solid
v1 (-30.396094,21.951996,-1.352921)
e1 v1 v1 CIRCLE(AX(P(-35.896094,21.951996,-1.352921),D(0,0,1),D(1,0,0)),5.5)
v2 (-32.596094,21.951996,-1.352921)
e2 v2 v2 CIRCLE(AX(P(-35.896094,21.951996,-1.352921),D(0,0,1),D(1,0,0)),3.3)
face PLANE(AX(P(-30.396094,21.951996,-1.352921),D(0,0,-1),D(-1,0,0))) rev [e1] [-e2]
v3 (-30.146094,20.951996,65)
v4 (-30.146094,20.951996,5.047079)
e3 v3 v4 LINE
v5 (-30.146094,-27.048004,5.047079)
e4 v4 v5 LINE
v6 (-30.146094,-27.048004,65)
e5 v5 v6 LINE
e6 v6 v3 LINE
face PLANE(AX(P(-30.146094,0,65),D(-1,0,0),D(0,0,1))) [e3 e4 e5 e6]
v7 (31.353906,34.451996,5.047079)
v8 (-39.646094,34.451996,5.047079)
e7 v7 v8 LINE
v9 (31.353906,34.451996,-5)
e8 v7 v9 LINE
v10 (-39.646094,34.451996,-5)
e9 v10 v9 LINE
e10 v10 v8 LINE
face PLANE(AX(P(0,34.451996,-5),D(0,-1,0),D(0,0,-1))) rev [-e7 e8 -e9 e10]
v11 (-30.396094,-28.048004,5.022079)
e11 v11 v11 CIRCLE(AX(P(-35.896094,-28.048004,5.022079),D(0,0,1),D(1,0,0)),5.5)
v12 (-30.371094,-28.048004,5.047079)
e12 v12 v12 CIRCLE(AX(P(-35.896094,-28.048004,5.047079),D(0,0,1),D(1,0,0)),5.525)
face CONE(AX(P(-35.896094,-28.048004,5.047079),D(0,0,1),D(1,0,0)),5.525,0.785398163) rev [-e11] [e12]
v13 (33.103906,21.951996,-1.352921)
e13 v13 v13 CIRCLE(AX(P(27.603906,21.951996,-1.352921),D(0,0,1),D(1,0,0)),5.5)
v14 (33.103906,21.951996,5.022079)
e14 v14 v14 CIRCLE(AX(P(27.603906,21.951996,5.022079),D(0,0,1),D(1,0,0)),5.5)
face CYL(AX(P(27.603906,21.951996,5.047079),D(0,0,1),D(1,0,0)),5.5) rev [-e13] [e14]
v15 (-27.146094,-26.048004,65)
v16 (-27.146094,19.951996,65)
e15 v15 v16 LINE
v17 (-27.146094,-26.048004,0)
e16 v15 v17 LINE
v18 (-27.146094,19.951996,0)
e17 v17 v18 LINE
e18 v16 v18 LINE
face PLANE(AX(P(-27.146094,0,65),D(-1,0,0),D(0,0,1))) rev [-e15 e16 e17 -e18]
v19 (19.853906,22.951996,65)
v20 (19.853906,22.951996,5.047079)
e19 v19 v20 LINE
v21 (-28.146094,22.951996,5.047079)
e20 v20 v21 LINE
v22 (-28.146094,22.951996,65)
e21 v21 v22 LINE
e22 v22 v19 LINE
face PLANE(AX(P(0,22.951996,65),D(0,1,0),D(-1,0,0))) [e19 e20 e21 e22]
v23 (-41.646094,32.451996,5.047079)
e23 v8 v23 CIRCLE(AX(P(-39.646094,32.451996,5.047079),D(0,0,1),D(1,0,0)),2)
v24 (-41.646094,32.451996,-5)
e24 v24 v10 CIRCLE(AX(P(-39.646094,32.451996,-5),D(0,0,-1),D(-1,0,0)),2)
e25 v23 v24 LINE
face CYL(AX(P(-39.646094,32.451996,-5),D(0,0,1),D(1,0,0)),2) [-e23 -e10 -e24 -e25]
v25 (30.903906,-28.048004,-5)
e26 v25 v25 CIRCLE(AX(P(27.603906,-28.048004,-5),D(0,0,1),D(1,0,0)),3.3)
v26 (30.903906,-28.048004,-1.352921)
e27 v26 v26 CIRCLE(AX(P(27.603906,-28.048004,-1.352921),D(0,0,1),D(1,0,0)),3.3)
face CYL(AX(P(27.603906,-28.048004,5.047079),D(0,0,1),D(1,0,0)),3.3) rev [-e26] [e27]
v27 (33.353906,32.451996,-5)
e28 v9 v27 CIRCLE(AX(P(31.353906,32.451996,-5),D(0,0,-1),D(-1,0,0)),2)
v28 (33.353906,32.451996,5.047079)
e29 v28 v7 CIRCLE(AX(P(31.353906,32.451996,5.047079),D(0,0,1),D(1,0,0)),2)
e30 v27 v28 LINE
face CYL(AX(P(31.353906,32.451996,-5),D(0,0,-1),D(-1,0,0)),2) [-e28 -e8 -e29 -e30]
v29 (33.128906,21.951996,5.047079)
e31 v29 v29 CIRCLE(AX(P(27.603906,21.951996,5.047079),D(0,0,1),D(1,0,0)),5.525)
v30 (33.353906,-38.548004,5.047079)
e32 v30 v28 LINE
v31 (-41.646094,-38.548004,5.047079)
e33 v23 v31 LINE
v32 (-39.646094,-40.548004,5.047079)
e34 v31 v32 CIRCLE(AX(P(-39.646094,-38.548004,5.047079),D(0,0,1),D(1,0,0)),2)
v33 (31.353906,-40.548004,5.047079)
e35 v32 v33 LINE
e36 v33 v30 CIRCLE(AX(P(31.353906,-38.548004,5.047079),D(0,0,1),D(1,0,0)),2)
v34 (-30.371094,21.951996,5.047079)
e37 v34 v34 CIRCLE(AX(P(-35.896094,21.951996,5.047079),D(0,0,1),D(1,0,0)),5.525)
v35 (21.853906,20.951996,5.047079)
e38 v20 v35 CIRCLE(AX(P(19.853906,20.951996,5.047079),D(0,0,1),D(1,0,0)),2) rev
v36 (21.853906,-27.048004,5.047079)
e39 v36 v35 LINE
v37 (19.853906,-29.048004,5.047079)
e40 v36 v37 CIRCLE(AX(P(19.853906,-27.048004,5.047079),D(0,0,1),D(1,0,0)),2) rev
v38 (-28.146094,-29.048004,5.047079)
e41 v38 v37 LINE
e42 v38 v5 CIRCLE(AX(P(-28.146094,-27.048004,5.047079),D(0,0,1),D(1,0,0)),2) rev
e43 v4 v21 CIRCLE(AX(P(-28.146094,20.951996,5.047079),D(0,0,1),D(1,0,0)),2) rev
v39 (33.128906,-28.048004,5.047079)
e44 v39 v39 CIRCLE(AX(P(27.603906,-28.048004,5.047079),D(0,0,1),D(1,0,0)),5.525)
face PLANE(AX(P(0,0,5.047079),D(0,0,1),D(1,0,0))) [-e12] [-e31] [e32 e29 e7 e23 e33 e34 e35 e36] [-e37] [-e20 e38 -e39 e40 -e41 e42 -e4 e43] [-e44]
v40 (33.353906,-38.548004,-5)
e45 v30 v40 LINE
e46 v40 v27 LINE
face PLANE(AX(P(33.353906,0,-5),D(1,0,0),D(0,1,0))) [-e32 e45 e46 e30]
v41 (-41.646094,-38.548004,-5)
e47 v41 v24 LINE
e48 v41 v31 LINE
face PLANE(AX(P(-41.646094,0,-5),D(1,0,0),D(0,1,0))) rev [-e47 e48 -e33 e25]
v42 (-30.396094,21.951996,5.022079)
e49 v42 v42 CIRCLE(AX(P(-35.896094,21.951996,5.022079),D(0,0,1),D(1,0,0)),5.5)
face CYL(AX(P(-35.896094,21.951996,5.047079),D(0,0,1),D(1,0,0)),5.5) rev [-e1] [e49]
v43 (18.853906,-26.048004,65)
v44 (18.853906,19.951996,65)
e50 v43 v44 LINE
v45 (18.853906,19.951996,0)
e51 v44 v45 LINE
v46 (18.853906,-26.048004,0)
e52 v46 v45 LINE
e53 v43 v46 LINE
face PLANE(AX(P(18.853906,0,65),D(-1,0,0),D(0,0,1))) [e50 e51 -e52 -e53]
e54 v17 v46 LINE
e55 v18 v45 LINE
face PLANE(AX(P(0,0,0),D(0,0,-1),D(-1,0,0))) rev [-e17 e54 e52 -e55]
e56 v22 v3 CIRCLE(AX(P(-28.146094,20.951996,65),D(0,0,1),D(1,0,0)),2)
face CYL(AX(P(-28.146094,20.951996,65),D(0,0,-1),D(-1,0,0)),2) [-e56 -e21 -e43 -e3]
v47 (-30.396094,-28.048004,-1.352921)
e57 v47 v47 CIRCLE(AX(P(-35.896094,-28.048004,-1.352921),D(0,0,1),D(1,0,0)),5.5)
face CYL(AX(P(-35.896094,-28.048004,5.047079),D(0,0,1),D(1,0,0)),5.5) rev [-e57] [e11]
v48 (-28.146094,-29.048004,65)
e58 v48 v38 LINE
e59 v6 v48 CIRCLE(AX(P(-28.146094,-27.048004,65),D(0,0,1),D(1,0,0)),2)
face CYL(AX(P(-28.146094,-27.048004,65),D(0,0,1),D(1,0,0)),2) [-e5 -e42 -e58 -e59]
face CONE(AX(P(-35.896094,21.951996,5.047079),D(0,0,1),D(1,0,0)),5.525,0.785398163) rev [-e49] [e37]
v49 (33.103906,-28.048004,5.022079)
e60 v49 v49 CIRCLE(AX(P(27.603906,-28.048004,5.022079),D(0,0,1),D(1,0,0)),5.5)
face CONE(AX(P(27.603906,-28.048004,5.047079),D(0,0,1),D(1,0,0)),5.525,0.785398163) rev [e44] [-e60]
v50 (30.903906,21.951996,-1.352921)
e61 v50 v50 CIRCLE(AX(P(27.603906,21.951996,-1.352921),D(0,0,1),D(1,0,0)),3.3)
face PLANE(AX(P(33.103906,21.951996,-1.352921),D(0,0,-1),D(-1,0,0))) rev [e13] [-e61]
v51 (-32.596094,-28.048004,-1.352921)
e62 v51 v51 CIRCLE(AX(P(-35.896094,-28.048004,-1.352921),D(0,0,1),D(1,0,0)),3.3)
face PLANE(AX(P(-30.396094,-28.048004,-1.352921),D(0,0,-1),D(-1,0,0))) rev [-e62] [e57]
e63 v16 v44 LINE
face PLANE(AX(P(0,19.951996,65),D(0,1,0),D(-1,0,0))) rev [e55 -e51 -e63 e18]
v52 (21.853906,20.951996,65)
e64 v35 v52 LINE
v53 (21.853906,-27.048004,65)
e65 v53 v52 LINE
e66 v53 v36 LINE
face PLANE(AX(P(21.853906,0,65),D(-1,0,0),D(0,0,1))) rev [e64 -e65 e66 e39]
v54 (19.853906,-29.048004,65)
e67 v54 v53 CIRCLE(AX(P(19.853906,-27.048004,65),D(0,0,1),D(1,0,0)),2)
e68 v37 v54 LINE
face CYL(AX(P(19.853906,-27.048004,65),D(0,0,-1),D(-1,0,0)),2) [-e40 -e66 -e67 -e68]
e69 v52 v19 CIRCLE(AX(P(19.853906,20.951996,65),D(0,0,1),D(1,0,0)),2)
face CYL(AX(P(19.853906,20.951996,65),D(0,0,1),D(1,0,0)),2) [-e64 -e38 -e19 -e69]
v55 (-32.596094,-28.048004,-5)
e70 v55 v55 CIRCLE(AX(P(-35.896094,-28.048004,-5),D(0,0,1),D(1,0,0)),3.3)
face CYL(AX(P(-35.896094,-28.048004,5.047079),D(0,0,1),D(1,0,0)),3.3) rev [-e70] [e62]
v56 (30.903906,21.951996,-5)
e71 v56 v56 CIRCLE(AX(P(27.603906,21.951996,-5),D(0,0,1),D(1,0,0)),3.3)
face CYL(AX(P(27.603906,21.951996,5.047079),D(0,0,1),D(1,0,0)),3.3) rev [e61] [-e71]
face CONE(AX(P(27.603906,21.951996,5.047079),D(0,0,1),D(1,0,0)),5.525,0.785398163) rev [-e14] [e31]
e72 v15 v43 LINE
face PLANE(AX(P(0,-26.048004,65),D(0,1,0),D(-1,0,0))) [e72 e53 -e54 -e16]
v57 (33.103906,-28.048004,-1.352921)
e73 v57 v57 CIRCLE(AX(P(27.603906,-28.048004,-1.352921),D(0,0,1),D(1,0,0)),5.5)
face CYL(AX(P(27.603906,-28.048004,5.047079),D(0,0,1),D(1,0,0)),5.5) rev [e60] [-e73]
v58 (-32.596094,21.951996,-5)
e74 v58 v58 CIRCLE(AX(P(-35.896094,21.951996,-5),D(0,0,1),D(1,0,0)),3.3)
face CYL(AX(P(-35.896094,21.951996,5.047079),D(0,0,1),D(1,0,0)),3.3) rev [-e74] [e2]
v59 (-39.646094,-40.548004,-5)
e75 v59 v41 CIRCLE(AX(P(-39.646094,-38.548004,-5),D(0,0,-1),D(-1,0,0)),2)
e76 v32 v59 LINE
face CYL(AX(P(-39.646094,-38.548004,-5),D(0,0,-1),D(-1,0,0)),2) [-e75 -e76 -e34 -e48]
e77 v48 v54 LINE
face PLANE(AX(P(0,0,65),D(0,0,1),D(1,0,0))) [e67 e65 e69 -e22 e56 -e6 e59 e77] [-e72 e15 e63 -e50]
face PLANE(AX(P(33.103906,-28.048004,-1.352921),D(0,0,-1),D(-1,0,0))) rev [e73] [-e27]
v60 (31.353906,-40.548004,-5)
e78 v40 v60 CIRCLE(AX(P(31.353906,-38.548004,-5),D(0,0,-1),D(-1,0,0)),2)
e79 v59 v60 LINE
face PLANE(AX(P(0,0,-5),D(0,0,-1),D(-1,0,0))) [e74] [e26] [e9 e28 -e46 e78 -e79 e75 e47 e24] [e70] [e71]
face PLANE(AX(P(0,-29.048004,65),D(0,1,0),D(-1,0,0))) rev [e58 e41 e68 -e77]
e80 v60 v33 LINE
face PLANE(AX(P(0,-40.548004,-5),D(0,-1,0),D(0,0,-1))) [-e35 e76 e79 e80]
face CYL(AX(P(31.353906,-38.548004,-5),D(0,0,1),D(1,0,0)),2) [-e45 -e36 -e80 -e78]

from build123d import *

# Parameters (mm, degrees)
SKETCH1_W                                    = 46
SKETCH1_H                                    = 46
BOSS_EXTRUDE1_DEPTH                          = 65
SKETCH3_W                                    = 75
SKETCH3_H                                    = 75
SKETCH3_W_2                                  = 52
SKETCH3_H_2                                  = 52
SKETCH3_W_3                                  = 23
SKETCH3_H_3                                  = 46
BOSS_EXTRUDE2_DEPTH                          = 5
SKETCH8_W                                    = 75
SKETCH8_H                                    = 75
SKETCH8_W_2                                  = 52
SKETCH8_H_2                                  = 52
BOSS_EXTRUDE3_DEPTH                          = 5.047079132
FILLET1_R                                    = 2
CBORE_FOR_M6_HEX_SOCKET_HEAD_CAP_SCR_2_COUNT = 2
CBORE_FOR_M6_HEX_SOCKET_HEAD_CAP_SCR_2_PITCH = 50
CBORE_FOR_M6_HEX_SOCKET_HEAD_CAP_SCR_3_COUNT = 2
CBORE_FOR_M6_HEX_SOCKET_HEAD_CAP_SCR_3_PITCH = 63.5
CBORE_FOR_M6_HEX_SOCKET_HEAD_CAP_SCR_4_COUNT = 2
CBORE_FOR_M6_HEX_SOCKET_HEAD_CAP_SCR_4_PITCH = 80.822336022


with BuildPart() as part:
    # Sketch1 → Boss-Extrude1 (new body)
    with BuildSketch(Plane(origin=(0, 0, 0), x_dir=(0, 1, 0), z_dir=(0, 0, 1))):
        Polygon((-26.156583063, 30.146094376), (-29.048003873, 30.146094376), (-29.048003873, -21.853905624), (22.951996127, -21.853905624), (22.951996127, 30.146094376), (15.339697873, 30.146094376), align=None)
        with Locations((-3.048003873, 4.146094376)):
            Rectangle(SKETCH1_W, SKETCH1_H, mode=Mode.SUBTRACT)
    extrude(amount=BOSS_EXTRUDE1_DEPTH)

    # Sketch3 → Boss-Extrude2 (add)
    # profile 1 of 5: a face of its own
    with BuildSketch(Plane(origin=(0, 0, 0), x_dir=(1, 0, 0), z_dir=(0, 0, -1))):
        with Locations((-4.146094376, 3.048003873)):
            Rectangle(SKETCH3_W, SKETCH3_H)
        with Locations((-4.146094376, 3.048003873)):
            Rectangle(SKETCH3_W_2, SKETCH3_H_2, mode=Mode.SUBTRACT)
    # profile 2 of 5: a face of its own
    with BuildSketch(Plane(origin=(0, 0, 0), x_dir=(1, 0, 0), z_dir=(0, 0, -1))):
        Polygon((21.853905624, 29.048003873), (-4.146094376, 29.048003873), (-4.146094376, 26.048003873), (18.853905624, 26.048003873), (18.853905624, -19.951996127), (-4.146094376, -19.951996127), (-4.146094376, -22.951996127), (21.853905624, -22.951996127), align=None)
    # profile 3 of 5: a face of its own
    with BuildSketch(Plane(origin=(0, 0, 0), x_dir=(1, 0, 0), z_dir=(0, 0, -1))):
        Polygon((-4.146094376, 26.048003873), (-4.146094376, 29.048003873), (-30.146094376, 29.048003873), (-30.146094376, -22.951996127), (-4.146094376, -22.951996127), (-4.146094376, -19.951996127), (-27.146094376, -19.951996127), (-27.146094376, 26.048003873), align=None)
    # profile 4 of 5: a face of its own
    with BuildSketch(Plane(origin=(0, 0, 0), x_dir=(1, 0, 0), z_dir=(0, 0, -1))):
        with Locations((7.353905624, 3.048003873)):
            Rectangle(SKETCH3_W_3, SKETCH3_H_3)
    # profile 5 of 5: a face of its own
    with BuildSketch(Plane(origin=(0, 0, 0), x_dir=(1, 0, 0), z_dir=(0, 0, -1))):
        with Locations((-15.646094376, 3.048003873)):
            Rectangle(SKETCH3_W_3, SKETCH3_H_3)
    extrude(amount=BOSS_EXTRUDE2_DEPTH)

    # Sketch8 → Boss-Extrude3 (add)
    with BuildSketch(Plane.XY):
        with Locations((-4.146094376, -3.048003873)):
            Rectangle(SKETCH8_W, SKETCH8_H)
        with Locations((-4.146094376, -3.048003873)):
            Rectangle(SKETCH8_W_2, SKETCH8_H_2, mode=Mode.SUBTRACT)
    extrude(amount=BOSS_EXTRUDE3_DEPTH)

    # Fillet1
    fillet1_edges = [part.edges().sort_by_distance(p)[0] for p in [
        (21.853905624, 22.951996127, 35.023539566),
        (21.853905624, -29.048003873, 35.023539566),
        (-30.146094376, -29.048003873, 35.023539566),
        (-30.146094376, 22.951996127, 35.023539566),
        (-41.646094376, -40.548003873, 0.023539566),
        (33.353905624, -40.548003873, 0.023539566),
        (33.353905624, 34.451996127, 0.023539566),
        (-41.646094376, 34.451996127, 0.023539566),
    ]]
    fillet(fillet1_edges, radius=FILLET1_R)

    # Sketch15 → CBORE for M6 Hex Socket Head Cap Screw2 (revolve, cut)
    with BuildSketch(Plane(origin=(-35.896094376, 21.951996127, 5.047079132), x_dir=(0, -1, 0), z_dir=(1, 0, 0))):
        Polygon((0, 0), (0, 10.047079132), (3.3, 10.047079132), (3.3, 6.4), (5.5, 6.4), (5.5, 0.025), (5.525, 0), align=None)
    cbore_for_m6_hex_socket_head_cap_screw2 = revolve(axis=Axis((-35.896094376, 21.951996127, 11.397079132), (0, 0, -1)), mode=Mode.SUBTRACT)

    # CBORE for M6 Hex Socket Head Cap Scr 2: CBORE for M6 Hex Socket Head Cap Screw2 ×2
    with Locations(*[(0, -i * CBORE_FOR_M6_HEX_SOCKET_HEAD_CAP_SCR_2_PITCH, 0) for i in range(1, CBORE_FOR_M6_HEX_SOCKET_HEAD_CAP_SCR_2_COUNT)]):
        add(cbore_for_m6_hex_socket_head_cap_screw2, mode=Mode.SUBTRACT)

    # CBORE for M6 Hex Socket Head Cap Scr 3: CBORE for M6 Hex Socket Head Cap Screw2 ×2
    with Locations(*[(i * CBORE_FOR_M6_HEX_SOCKET_HEAD_CAP_SCR_3_PITCH, 0, 0) for i in range(1, CBORE_FOR_M6_HEX_SOCKET_HEAD_CAP_SCR_3_COUNT)]):
        add(cbore_for_m6_hex_socket_head_cap_screw2, mode=Mode.SUBTRACT)

    # CBORE for M6 Hex Socket Head Cap Scr 4: CBORE for M6 Hex Socket Head Cap Screw2 ×2
    with Locations(*[Vector(0.7856739006278309, -0.6186408666360874, 0) * (i * CBORE_FOR_M6_HEX_SOCKET_HEAD_CAP_SCR_4_PITCH) for i in range(1, CBORE_FOR_M6_HEX_SOCKET_HEAD_CAP_SCR_4_COUNT)]):
        add(cbore_for_m6_hex_socket_head_cap_screw2, mode=Mode.SUBTRACT)


solid = part.part
